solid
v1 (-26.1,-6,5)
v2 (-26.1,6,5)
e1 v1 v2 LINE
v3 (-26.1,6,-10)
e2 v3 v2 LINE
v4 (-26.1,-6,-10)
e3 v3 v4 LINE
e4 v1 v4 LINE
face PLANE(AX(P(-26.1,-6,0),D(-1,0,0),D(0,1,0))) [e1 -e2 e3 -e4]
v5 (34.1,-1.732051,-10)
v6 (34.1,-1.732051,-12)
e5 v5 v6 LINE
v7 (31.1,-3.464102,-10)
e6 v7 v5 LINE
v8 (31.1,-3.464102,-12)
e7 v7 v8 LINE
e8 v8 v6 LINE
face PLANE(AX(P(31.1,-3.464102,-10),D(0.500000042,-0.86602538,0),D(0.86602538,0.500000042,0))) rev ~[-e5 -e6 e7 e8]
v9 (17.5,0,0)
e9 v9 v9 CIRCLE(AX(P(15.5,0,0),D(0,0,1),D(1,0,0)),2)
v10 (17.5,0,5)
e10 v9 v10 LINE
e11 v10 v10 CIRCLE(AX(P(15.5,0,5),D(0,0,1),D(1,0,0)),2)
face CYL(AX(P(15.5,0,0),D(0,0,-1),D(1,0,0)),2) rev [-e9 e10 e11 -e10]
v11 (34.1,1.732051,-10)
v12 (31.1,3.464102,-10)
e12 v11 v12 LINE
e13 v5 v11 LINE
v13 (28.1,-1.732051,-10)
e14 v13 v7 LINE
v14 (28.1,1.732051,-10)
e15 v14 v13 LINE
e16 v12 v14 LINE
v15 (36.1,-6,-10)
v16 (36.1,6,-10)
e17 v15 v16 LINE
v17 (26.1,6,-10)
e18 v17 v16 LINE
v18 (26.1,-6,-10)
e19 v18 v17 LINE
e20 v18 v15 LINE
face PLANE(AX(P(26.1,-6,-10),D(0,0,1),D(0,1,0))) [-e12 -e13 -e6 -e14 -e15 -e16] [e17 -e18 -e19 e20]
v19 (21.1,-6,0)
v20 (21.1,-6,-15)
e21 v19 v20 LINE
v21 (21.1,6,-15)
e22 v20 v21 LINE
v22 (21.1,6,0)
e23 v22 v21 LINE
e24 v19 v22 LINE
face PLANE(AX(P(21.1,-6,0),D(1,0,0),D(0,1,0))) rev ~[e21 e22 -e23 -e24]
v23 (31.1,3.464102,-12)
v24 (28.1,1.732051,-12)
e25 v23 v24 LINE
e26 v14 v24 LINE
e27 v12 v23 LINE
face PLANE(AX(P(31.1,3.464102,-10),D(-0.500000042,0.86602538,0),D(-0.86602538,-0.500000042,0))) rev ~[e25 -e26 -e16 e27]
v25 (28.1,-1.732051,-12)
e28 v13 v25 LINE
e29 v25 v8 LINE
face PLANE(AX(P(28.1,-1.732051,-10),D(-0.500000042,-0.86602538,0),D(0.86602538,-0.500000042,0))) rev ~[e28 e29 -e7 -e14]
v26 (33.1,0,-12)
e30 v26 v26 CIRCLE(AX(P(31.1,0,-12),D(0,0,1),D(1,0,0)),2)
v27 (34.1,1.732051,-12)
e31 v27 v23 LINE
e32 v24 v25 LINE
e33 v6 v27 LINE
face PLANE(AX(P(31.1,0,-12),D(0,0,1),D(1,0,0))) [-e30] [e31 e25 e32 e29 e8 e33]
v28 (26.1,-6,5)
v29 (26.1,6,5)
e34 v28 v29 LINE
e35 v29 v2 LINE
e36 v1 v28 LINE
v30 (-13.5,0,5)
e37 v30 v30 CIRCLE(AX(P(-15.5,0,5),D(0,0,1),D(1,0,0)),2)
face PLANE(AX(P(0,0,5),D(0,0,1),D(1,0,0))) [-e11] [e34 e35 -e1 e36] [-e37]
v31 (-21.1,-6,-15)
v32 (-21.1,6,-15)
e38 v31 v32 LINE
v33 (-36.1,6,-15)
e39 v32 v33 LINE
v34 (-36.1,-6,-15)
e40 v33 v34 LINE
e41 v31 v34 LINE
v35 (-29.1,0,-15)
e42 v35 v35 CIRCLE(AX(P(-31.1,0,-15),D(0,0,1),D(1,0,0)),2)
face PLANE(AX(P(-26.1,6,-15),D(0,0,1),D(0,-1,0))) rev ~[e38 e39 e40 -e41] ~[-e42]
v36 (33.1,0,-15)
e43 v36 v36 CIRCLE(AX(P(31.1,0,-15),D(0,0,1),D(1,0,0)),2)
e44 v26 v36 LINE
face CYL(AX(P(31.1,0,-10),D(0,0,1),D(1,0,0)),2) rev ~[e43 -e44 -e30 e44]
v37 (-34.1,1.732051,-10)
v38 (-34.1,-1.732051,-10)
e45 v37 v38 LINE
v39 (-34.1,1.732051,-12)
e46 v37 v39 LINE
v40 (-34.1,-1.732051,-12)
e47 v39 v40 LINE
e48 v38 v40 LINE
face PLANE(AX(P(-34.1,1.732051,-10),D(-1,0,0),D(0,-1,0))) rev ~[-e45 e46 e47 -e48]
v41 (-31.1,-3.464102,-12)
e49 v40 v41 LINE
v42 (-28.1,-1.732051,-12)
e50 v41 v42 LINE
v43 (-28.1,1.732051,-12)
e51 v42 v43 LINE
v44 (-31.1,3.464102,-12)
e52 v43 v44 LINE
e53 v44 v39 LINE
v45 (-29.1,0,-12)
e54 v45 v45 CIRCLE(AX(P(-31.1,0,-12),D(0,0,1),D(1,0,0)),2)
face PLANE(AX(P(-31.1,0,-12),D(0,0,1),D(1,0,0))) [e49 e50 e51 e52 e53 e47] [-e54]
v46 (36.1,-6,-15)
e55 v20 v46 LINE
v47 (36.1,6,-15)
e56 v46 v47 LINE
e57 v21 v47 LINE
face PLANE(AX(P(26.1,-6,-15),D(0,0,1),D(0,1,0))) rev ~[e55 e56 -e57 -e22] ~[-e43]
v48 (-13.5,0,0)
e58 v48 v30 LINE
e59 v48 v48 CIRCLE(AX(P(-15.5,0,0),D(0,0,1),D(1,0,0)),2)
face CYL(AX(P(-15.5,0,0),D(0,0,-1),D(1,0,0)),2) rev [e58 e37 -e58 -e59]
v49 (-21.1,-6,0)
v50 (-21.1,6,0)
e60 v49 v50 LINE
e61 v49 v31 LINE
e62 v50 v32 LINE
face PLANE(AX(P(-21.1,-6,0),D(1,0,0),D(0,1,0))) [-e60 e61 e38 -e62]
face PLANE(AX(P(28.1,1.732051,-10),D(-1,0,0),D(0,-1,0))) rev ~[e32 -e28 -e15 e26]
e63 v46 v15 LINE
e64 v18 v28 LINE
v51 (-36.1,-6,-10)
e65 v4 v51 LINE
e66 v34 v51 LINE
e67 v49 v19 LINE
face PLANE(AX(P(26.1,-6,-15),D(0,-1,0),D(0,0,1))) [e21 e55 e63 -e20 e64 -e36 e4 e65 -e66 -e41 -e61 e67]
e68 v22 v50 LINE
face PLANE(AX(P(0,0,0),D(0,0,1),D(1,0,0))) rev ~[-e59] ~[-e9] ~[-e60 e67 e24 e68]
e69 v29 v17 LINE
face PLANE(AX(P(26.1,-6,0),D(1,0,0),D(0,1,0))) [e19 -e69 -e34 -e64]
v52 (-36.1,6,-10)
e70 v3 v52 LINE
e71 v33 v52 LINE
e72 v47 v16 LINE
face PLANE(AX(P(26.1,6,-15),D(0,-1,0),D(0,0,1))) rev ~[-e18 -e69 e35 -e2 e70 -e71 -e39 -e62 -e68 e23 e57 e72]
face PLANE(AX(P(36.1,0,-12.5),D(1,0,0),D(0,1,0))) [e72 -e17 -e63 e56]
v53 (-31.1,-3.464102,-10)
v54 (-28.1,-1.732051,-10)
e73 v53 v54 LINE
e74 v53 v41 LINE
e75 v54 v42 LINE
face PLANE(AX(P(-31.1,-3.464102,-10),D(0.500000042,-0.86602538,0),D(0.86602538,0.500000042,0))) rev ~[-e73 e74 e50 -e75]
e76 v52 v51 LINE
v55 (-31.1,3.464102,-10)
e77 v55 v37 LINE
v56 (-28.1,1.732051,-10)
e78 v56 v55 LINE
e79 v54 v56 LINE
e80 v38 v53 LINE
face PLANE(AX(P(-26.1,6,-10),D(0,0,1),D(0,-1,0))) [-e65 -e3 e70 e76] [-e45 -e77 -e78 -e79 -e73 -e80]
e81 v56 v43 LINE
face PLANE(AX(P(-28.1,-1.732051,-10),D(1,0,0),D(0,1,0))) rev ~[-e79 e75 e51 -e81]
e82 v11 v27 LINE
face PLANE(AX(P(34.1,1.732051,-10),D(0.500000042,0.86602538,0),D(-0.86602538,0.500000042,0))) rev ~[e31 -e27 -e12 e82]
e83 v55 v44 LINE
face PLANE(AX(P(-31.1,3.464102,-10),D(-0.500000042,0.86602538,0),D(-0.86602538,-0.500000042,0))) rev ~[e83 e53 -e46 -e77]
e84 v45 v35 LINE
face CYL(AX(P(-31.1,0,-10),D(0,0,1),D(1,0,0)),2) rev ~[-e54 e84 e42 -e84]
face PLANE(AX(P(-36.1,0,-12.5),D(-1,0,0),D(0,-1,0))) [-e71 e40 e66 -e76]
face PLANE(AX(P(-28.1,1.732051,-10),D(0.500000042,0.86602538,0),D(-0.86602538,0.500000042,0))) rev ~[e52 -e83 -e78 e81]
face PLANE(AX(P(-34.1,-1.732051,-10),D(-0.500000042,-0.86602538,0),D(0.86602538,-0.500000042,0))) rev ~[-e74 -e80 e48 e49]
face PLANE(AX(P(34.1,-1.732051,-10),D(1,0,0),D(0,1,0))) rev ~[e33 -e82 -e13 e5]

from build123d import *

# Parameters (mm, degrees)
F0_W     = 42.2
F0_H     = 12
F0_R     = 2
F0_W_2   = 5
F1_DEPTH = 5
F2_DEPTH = 15
F3_W     = 12
F3_H     = 5
F4_DEPTH = 10
F5_W     = 12
F5_H     = 5
F6_DEPTH = 10
F7_R     = 2
F8_DEPTH = 5
F9_DEPTH = 2


with BuildPart() as f1:
    # F0 (on Top) → F1 (new body)
    with BuildSketch(Plane.XY):
        Rectangle(F0_W, F0_H)
        with Locations((-15.5, 0)):
            Circle(F0_R, mode=Mode.SUBTRACT)
        with Locations((15.5, 0)):
            Circle(F0_R, mode=Mode.SUBTRACT)
        with Locations((23.6, 0)):
            Rectangle(F0_W_2, F0_H)
        with Locations((-23.6, 0)):
            Rectangle(F0_W_2, F0_H)
    extrude(amount=F1_DEPTH)

    # F0 (on Top) → F2 (join)
    with BuildSketch(Plane.XY):
        with Locations((23.6, 0)):
            Rectangle(F0_W_2, F0_H)
        with Locations((-23.6, 0)):
            Rectangle(F0_W_2, F0_H)
    extrude(amount=-F2_DEPTH)

    # F3 (on face) → F4 (join)
    with BuildSketch(Plane(origin=(-26.1, 0, 0), x_dir=(0, -1, 0), z_dir=(-1, 0, 0))):
        with Locations((0, -12.5)):
            Rectangle(F3_W, F3_H)
    extrude(amount=F4_DEPTH)

    # F5 (on face) → F6 (join)
    with BuildSketch(Plane.YZ.offset(26.1)):
        with Locations((0, -12.5)):
            Rectangle(F5_W, F5_H)
    extrude(amount=F6_DEPTH)

    # F7 (on face) → F8 (cut)
    with BuildSketch(Plane.XY.offset(-10)):
        with Locations((31.1, 0)):
            Circle(F7_R)
        with Locations((-31.1, 0)):
            Circle(F7_R)
    extrude(amount=-F8_DEPTH, mode=Mode.SUBTRACT)

    # F7 (on face) → F9 (cut)
    with BuildSketch(Plane.XY.offset(-10)):
        Polygon((28.1, 1.732051), (28.1, -1.732051), (31.1, -3.464102), (34.1, -1.732051), (34.1, 1.732051), (31.1, 3.464102), align=None)
        with Locations((31.1, 0)):
            Circle(F7_R, mode=Mode.SUBTRACT)
        Polygon((-34.1, -1.732051), (-31.1, -3.464102), (-28.1, -1.732051), (-28.1, 1.732051), (-31.1, 3.464102), (-34.1, 1.732051), align=None)
        with Locations((-31.1, 0)):
            Circle(F7_R, mode=Mode.SUBTRACT)
    extrude(amount=-F9_DEPTH, mode=Mode.SUBTRACT)


solid = f1.part
